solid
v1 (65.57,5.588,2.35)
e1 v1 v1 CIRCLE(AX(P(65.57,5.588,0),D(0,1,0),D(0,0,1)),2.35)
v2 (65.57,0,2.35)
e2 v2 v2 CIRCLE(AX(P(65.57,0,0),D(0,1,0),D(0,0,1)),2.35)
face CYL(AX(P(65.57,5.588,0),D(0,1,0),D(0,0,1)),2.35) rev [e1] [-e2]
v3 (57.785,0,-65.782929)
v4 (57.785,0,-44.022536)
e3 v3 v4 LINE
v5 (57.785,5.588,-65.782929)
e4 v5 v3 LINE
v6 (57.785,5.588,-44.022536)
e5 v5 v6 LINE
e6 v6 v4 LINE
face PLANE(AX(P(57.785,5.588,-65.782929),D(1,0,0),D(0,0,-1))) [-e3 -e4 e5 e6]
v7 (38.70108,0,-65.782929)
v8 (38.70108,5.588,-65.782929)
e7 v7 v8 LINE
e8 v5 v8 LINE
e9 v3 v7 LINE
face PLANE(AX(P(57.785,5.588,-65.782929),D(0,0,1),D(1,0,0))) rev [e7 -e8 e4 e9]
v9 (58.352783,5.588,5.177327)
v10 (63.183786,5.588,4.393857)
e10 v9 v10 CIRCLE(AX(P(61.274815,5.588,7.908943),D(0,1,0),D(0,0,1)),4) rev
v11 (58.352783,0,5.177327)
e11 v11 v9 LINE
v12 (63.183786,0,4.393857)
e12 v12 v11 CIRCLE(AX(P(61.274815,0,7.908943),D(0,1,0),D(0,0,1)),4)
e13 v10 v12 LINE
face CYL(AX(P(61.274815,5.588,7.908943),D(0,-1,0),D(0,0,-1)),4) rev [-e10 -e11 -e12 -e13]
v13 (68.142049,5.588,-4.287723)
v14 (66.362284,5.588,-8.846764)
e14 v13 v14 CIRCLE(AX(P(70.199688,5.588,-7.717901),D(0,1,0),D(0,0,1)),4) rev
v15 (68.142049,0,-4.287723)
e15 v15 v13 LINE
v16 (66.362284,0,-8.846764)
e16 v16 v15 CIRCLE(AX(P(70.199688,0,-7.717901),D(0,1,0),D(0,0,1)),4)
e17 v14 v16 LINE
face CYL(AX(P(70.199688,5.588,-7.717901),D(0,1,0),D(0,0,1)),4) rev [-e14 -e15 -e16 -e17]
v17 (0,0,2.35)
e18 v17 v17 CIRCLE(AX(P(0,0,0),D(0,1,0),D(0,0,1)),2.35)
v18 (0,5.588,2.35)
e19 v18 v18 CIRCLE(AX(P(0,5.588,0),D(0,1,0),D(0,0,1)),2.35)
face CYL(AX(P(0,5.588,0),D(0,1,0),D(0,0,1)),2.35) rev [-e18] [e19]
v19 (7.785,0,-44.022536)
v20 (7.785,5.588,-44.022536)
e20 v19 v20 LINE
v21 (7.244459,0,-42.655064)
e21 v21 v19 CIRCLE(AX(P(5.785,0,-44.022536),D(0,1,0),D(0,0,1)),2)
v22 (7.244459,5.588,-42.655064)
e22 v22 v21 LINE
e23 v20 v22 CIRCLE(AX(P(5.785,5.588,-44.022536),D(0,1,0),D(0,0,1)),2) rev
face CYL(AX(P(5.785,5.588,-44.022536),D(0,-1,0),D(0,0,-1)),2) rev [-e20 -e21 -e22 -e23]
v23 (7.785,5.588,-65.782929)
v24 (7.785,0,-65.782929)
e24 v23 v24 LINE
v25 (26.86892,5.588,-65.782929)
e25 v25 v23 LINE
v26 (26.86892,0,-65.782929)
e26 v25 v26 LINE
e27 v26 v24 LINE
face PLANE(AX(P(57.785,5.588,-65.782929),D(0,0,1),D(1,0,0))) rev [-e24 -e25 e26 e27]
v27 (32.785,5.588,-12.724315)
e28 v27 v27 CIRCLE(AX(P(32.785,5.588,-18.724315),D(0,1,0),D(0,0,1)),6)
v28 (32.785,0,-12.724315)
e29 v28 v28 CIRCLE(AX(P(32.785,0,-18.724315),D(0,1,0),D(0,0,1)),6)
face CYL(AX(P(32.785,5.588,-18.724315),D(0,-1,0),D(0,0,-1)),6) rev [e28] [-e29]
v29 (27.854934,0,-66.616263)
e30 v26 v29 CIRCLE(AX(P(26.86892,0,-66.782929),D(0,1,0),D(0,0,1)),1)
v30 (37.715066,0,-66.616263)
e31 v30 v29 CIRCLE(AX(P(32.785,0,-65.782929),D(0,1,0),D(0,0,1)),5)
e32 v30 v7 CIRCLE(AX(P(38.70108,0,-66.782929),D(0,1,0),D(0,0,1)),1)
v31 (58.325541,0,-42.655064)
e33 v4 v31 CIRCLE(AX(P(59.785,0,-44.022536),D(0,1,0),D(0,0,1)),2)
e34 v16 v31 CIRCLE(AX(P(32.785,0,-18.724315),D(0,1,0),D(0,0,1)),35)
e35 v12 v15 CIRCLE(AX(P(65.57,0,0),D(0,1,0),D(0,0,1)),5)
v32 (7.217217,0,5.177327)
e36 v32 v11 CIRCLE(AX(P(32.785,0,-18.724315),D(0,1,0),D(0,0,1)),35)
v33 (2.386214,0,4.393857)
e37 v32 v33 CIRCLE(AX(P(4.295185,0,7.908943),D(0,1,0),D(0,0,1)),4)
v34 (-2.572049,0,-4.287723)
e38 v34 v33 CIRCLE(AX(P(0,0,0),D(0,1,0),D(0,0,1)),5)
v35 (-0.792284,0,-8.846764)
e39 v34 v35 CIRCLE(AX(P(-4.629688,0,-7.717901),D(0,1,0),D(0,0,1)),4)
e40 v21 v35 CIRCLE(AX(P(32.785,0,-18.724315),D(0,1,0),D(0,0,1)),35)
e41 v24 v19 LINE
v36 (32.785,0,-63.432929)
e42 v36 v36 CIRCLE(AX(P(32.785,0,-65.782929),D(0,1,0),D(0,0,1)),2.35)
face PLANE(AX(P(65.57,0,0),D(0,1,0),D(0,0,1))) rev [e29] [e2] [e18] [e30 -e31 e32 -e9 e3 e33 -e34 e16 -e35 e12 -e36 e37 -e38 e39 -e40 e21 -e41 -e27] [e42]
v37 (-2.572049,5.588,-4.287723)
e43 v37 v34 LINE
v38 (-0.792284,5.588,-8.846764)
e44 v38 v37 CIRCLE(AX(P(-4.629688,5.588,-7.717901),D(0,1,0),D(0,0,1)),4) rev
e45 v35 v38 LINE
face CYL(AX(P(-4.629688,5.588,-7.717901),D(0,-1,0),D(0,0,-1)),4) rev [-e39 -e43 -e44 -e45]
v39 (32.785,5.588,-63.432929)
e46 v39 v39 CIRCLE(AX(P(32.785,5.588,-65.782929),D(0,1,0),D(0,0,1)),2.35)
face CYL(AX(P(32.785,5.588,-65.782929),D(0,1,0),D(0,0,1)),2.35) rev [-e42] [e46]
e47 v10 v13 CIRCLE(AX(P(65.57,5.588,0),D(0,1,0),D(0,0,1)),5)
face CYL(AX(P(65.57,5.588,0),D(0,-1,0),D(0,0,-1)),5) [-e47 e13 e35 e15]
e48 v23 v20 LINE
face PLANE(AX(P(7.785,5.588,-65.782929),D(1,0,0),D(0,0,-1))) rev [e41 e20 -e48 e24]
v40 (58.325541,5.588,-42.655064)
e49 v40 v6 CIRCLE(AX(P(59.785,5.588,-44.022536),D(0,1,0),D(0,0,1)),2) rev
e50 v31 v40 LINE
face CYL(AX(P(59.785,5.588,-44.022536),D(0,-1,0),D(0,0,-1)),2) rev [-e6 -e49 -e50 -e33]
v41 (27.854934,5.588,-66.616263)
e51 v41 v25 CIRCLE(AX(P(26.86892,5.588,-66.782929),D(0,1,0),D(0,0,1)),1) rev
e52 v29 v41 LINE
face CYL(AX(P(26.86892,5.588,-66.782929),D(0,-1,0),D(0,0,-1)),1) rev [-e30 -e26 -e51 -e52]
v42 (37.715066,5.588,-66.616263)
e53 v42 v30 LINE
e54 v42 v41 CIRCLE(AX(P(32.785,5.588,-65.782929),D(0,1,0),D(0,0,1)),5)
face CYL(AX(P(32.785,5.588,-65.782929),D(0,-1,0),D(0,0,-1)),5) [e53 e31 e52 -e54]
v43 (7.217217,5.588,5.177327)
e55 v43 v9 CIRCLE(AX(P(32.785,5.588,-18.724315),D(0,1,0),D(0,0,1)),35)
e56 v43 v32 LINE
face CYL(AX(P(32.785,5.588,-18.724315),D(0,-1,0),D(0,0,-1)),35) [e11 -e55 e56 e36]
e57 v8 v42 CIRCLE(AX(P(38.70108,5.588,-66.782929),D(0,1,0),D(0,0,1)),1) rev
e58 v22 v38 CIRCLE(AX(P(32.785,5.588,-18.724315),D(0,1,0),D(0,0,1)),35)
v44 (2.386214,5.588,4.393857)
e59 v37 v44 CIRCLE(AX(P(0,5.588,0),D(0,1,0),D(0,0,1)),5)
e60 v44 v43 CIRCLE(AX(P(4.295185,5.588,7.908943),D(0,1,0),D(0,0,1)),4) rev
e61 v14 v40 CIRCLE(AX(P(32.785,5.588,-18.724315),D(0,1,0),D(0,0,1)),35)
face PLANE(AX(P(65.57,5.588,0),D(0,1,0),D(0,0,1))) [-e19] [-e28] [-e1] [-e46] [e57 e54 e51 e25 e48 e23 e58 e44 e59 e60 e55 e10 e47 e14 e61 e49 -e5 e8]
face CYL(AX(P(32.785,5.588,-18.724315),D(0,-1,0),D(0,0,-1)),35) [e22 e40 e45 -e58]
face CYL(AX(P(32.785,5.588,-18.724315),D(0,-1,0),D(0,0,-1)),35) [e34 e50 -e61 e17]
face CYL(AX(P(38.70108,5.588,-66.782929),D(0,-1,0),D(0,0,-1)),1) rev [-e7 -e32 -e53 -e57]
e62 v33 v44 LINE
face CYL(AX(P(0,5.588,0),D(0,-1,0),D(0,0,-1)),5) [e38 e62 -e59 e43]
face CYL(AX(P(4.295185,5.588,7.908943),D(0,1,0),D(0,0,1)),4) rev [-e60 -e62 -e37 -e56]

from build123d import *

# Parameters (mm, degrees)
SKETCH1_R                  = 35
SKETCH1_R_2                = 6
SKETCH1_R_3                = 5
SKETCH1_W                  = 50
SKETCH1_H                  = 25
BOSS_EXTRUDE2_DEPTH        = 5.588
F_4_7_4_7_DIAMETER_HOLE1_D = 4.7
FILLET1_R                  = 1
FILLET2_R                  = 1
FILLET6_R                  = 4
FILLET7_R                  = 4
FILLET8_R                  = 4
FILLET9_R                  = 2
FILLET10_R                 = 2


with BuildPart() as part:
    # Sketch1 → Boss-Extrude2 (new body)
    with BuildSketch(Plane(origin=(0, 0, 0), x_dir=(1, 0, 0), z_dir=(0, 1, 0))):
        with Locations((32.785, 18.724314586)):
            Circle(SKETCH1_R)
        with Locations((32.785, 18.724314586)):
            Circle(SKETCH1_R_2, mode=Mode.SUBTRACT)
        with Locations((65.57, 0)):
            Circle(SKETCH1_R_3)
        Circle(SKETCH1_R_3)
        with Locations((32.785, 65.782929207)):
            Circle(SKETCH1_R_3)
        with Locations((32.785, 53.282929207)):
            Rectangle(SKETCH1_W, SKETCH1_H)
    extrude(amount=BOSS_EXTRUDE2_DEPTH)

    # Ø4.7 (4.7) Diameter Hole1 (through all)
    with Locations(Plane(origin=(0, 5.588, 0), x_dir=(1, 0, 0), z_dir=(0, 1, 0))):
        with Locations((0, 0), (65.57, 0), (32.785, 65.782929207)):
            Hole(F_4_7_4_7_DIAMETER_HOLE1_D / 2)

    # Fillet1
    fillet1_edges = [part.edges().sort_by_distance(p)[0] for p in [
        (27.785, 2.794, -65.782929207),
    ]]
    fillet(fillet1_edges, radius=FILLET1_R)

    # Fillet2
    fillet2_edges = [part.edges().sort_by_distance(p)[0] for p in [
        (37.785, 2.794, -65.782929207),
    ]]
    fillet(fillet2_edges, radius=FILLET2_R)

    # Fillet6
    fillet6_edges = [part.edges().sort_by_distance(p)[0] for p in [
        (0.603671593, 2.794, -4.963424282),
    ]]
    fillet(fillet6_edges, radius=FILLET6_R)

    # Fillet7
    fillet7_edges = [part.edges().sort_by_distance(p)[0] for p in [
        (4.581742742, 2.794, 2.001907453),
    ]]
    fillet(fillet7_edges, radius=FILLET7_R)

    # Fillet8
    fillet8_edges = [part.edges().sort_by_distance(p)[0] for p in [
        (60.988257258, 2.794, 2.001907453),
        (64.966328407, 2.794, -4.963424282),
    ]]
    fillet(fillet8_edges, radius=FILLET8_R)

    # Fillet9
    fillet9_edges = [part.edges().sort_by_distance(p)[0] for p in [
        (57.785, 2.794, -43.219212014),
    ]]
    fillet(fillet9_edges, radius=FILLET9_R)

    # Fillet10
    fillet10_edges = [part.edges().sort_by_distance(p)[0] for p in [
        (7.785, 2.794, -43.219212014),
    ]]
    fillet(fillet10_edges, radius=FILLET10_R)


solid = part.part
